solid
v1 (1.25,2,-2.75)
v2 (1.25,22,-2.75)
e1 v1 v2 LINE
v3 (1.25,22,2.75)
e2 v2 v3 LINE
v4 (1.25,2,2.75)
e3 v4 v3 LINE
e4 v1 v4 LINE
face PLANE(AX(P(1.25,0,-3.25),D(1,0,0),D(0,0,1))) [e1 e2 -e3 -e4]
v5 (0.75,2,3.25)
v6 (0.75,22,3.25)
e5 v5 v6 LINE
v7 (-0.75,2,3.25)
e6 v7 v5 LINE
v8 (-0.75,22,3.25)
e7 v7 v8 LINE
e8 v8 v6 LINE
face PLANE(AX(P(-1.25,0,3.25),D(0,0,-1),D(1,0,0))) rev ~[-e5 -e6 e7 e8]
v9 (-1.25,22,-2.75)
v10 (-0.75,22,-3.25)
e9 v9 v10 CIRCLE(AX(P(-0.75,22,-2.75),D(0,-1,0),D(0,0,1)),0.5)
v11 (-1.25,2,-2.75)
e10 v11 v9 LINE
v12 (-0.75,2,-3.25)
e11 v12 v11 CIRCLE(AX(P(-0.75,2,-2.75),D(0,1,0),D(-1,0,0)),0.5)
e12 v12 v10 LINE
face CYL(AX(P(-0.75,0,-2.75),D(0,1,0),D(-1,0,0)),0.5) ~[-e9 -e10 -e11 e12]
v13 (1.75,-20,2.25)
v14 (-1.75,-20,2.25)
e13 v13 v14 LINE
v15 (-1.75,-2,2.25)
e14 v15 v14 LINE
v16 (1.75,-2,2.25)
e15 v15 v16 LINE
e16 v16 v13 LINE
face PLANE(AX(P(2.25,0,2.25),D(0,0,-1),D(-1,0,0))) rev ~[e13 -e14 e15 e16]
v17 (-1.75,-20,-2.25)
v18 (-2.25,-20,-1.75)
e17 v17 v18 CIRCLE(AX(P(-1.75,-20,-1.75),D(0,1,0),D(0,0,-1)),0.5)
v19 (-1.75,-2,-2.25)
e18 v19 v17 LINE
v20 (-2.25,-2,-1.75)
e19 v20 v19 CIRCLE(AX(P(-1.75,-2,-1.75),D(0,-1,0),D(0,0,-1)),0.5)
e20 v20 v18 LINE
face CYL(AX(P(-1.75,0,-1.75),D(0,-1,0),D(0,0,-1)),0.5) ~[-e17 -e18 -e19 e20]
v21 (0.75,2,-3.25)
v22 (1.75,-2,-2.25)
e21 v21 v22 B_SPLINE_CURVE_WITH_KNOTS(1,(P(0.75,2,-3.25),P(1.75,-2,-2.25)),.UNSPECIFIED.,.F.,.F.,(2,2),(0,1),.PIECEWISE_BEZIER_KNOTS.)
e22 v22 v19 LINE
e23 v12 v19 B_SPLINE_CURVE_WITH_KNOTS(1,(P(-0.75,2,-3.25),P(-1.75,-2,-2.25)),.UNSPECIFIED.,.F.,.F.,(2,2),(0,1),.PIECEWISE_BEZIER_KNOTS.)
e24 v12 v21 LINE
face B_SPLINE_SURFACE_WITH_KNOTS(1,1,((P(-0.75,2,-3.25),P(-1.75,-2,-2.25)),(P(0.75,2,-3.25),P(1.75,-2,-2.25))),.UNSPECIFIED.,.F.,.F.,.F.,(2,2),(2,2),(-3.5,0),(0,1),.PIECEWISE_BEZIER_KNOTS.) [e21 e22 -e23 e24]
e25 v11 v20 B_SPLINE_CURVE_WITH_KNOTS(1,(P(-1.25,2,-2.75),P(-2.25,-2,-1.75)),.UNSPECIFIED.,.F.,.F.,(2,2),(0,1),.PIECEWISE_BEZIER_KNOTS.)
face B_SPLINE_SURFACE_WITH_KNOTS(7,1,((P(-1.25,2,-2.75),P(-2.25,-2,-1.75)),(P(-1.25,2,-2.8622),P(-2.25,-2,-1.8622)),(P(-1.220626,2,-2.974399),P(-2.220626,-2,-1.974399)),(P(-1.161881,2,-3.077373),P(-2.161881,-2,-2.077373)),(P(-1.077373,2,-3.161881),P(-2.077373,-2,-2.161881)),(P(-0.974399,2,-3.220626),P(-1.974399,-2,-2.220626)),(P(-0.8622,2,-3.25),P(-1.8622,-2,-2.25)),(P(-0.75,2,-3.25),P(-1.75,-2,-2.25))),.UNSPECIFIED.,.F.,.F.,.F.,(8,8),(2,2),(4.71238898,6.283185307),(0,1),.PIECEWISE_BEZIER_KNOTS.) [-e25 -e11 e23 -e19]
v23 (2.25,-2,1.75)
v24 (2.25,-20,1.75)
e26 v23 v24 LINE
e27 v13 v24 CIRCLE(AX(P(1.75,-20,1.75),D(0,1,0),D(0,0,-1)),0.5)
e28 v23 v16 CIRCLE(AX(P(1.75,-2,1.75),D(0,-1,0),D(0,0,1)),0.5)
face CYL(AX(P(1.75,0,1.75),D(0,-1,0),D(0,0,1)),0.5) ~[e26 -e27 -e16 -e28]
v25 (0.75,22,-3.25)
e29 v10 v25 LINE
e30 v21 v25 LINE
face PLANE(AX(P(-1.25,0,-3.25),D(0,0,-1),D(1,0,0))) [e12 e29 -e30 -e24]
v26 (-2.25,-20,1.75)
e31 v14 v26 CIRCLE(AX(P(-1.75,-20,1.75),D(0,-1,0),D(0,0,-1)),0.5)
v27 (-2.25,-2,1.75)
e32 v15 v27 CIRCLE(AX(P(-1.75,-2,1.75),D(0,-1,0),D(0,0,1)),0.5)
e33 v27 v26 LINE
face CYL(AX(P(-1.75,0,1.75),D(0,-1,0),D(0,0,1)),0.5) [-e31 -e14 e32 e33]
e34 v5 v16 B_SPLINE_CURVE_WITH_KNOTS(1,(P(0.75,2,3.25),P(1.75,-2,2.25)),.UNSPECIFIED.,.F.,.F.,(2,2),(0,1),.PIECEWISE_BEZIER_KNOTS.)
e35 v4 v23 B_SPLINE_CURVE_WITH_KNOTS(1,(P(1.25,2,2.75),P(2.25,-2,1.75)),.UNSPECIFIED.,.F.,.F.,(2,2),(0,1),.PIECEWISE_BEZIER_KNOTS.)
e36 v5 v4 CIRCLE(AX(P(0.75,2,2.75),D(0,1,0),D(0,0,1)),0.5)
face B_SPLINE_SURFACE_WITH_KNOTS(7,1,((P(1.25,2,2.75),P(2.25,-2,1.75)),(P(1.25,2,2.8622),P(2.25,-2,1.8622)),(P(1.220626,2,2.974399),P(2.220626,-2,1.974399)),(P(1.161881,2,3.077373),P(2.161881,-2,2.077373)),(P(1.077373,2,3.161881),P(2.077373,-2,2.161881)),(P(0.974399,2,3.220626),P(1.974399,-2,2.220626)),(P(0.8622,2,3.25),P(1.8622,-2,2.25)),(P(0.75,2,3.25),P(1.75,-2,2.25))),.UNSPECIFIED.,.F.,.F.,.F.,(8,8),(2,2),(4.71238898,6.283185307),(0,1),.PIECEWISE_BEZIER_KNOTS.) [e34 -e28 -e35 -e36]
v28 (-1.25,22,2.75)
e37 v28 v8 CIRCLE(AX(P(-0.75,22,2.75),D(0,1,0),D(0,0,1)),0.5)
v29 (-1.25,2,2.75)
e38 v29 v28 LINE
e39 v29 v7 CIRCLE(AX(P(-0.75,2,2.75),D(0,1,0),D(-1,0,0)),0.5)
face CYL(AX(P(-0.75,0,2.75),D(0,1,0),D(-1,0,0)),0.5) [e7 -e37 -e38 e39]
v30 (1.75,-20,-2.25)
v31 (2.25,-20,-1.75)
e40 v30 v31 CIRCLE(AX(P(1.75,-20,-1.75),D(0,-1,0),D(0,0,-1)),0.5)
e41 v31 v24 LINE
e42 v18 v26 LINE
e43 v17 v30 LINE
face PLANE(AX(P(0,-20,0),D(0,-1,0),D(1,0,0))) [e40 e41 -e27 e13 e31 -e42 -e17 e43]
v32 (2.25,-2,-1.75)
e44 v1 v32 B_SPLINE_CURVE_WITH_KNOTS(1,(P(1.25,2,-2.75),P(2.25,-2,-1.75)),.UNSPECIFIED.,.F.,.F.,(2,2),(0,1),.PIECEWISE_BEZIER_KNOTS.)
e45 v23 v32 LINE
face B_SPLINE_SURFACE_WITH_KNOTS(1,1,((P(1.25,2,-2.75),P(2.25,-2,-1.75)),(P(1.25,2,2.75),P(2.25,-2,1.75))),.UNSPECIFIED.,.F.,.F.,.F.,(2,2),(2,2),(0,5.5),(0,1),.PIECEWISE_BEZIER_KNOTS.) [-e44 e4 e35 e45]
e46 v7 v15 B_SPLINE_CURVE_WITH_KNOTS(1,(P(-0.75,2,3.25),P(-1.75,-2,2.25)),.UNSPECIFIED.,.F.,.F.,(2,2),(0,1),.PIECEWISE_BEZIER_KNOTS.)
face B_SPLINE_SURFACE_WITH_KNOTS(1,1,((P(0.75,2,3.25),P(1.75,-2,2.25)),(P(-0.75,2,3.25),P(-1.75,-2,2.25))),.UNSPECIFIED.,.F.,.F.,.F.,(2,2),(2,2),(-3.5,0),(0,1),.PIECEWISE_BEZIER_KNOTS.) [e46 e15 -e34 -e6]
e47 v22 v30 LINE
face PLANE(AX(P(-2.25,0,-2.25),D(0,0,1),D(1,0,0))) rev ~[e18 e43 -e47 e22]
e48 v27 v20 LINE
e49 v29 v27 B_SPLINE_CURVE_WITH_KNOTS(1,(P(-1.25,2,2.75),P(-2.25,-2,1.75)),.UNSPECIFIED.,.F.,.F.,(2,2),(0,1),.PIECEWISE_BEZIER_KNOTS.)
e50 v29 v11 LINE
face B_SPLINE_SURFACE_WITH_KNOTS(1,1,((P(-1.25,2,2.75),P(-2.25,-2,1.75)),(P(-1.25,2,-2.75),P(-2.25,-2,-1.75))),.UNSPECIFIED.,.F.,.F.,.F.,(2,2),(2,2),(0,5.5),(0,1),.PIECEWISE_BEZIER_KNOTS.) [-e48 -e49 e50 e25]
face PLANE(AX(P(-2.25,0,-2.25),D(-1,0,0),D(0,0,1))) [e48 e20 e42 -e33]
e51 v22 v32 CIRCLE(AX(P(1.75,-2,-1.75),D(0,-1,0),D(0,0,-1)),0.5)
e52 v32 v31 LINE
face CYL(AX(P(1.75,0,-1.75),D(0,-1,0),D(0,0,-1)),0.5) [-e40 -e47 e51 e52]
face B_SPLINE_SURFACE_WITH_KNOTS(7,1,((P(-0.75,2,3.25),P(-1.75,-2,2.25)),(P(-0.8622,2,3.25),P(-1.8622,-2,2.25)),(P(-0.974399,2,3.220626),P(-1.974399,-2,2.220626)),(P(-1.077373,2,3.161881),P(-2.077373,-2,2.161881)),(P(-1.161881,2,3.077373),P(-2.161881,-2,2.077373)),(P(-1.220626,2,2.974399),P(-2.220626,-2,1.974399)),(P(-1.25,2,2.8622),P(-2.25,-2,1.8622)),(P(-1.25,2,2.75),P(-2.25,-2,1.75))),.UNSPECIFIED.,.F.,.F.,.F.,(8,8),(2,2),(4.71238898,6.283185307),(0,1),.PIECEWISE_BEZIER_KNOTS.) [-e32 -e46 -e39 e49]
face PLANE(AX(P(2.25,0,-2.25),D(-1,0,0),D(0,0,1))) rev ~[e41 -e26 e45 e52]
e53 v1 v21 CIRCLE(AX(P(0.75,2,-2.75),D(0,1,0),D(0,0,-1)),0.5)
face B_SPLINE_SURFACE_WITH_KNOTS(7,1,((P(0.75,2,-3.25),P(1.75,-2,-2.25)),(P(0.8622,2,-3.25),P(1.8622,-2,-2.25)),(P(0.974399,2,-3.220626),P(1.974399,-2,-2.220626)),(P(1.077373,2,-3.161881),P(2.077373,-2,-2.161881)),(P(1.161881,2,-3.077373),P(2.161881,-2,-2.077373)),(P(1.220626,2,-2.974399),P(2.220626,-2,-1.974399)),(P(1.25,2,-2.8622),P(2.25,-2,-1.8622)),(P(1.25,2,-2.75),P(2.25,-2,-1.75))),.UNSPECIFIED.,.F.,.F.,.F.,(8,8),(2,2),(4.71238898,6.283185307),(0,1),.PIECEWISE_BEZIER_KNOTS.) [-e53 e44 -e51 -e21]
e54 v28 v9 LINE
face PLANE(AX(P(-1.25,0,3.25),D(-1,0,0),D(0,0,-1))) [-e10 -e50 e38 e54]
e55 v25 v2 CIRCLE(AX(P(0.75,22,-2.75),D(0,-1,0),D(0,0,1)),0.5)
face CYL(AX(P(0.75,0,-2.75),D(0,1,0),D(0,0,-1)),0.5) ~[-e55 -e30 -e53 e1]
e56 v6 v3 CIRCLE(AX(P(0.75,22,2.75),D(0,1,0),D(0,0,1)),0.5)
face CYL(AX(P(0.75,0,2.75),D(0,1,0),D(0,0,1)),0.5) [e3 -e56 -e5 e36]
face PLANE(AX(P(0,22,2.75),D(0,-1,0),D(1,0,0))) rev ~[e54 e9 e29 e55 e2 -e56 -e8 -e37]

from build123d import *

# Parameters (mm, degrees)
F0_W     = 2.5
F0_H     = 4.5
F0_W_2   = 1
F1_DEPTH = 20
F0_H_2   = 1
F2_DEPTH = 22
F3_R     = 0.5
F4_W     = 4
F4_H     = 10
F5_DEPTH = 12.5


with BuildPart() as f1:
    # F0 (on Front) → F1 (new body)
    with BuildSketch(Plane.XZ):
        Rectangle(F0_W, F0_H)
        with Locations((1.75, 0)):
            Rectangle(F0_W_2, F0_H)
        with Locations((-1.75, 0)):
            Rectangle(F0_W_2, F0_H)
    extrude(amount=F1_DEPTH)

    # F0 (on Front) → F2 (join)
    with BuildSketch(Plane.XZ):
        with Locations((0, 2.75)):
            Rectangle(F0_W, F0_H_2)
        Rectangle(F0_W, F0_H)
        with Locations((0, -2.75)):
            Rectangle(F0_W, F0_H_2)
    extrude(amount=-F2_DEPTH)

    # F3
    f3_edges = [f1.edges().sort_by_distance(p)[0] for p in [
        (-2.25, -10, 2.25),
        (-1.25, 11, 3.25),
        (1.25, 11, 3.25),
        (-1.25, 11, -3.25),
        (-2.25, -10, -2.25),
        (1.25, 11, -3.25),
        (2.25, -10, -2.25),
        (2.25, -10, 2.25),
    ]]
    fillet(f3_edges, radius=F3_R)

    # F4 (on Right) → F5 (cut, symmetric)
    with BuildSketch(Plane.YZ):
        Rectangle(F4_W, F4_H)
    extrude(amount=F5_DEPTH, both=True, mode=Mode.SUBTRACT)

    # F5_face (on face) → F6 section 0
    with BuildSketch(Plane.XZ.offset(-2)):
        with BuildLine():
            Line((1.25, -2.75), (1.25, 2.75))
            ThreePointArc((1.25, 2.75), (1.1035533906, 3.1035533906), (0.75, 3.25))
            Line((0.75, 3.25), (-0.75, 3.25))
            ThreePointArc((-0.75, 3.25), (-1.1035533906, 3.1035533906), (-1.25, 2.75))
            Line((-1.25, 2.75), (-1.25, -2.75))
            ThreePointArc((-1.25, -2.75), (-1.1035533906, -3.1035533906), (-0.75, -3.25))
            Line((-0.75, -3.25), (0.75, -3.25))
            ThreePointArc((0.75, -3.25), (1.1035533906, -3.1035533906), (1.25, -2.75))
        make_face()
    # F5_face1 (on face) → F6 section 1
    with BuildSketch(Plane(origin=(0, -2, 0), x_dir=(-1, 0, 0), z_dir=(0, 1, 0))):
        with BuildLine():
            ThreePointArc((-2.25, -1.75), (-2.1035533906, -2.1035533906), (-1.75, -2.25))
            Line((-1.75, -2.25), (1.75, -2.25))
            ThreePointArc((1.75, -2.25), (2.1035533906, -2.1035533906), (2.25, -1.75))
            Line((2.25, -1.75), (2.25, 1.75))
            ThreePointArc((2.25, 1.75), (2.1035533906, 2.1035533906), (1.75, 2.25))
            Line((1.75, 2.25), (-1.75, 2.25))
            ThreePointArc((-1.75, 2.25), (-2.1035533906, 2.1035533906), (-2.25, 1.75))
            Line((-2.25, 1.75), (-2.25, -1.75))
        make_face()
    loft()


solid = f1.part
